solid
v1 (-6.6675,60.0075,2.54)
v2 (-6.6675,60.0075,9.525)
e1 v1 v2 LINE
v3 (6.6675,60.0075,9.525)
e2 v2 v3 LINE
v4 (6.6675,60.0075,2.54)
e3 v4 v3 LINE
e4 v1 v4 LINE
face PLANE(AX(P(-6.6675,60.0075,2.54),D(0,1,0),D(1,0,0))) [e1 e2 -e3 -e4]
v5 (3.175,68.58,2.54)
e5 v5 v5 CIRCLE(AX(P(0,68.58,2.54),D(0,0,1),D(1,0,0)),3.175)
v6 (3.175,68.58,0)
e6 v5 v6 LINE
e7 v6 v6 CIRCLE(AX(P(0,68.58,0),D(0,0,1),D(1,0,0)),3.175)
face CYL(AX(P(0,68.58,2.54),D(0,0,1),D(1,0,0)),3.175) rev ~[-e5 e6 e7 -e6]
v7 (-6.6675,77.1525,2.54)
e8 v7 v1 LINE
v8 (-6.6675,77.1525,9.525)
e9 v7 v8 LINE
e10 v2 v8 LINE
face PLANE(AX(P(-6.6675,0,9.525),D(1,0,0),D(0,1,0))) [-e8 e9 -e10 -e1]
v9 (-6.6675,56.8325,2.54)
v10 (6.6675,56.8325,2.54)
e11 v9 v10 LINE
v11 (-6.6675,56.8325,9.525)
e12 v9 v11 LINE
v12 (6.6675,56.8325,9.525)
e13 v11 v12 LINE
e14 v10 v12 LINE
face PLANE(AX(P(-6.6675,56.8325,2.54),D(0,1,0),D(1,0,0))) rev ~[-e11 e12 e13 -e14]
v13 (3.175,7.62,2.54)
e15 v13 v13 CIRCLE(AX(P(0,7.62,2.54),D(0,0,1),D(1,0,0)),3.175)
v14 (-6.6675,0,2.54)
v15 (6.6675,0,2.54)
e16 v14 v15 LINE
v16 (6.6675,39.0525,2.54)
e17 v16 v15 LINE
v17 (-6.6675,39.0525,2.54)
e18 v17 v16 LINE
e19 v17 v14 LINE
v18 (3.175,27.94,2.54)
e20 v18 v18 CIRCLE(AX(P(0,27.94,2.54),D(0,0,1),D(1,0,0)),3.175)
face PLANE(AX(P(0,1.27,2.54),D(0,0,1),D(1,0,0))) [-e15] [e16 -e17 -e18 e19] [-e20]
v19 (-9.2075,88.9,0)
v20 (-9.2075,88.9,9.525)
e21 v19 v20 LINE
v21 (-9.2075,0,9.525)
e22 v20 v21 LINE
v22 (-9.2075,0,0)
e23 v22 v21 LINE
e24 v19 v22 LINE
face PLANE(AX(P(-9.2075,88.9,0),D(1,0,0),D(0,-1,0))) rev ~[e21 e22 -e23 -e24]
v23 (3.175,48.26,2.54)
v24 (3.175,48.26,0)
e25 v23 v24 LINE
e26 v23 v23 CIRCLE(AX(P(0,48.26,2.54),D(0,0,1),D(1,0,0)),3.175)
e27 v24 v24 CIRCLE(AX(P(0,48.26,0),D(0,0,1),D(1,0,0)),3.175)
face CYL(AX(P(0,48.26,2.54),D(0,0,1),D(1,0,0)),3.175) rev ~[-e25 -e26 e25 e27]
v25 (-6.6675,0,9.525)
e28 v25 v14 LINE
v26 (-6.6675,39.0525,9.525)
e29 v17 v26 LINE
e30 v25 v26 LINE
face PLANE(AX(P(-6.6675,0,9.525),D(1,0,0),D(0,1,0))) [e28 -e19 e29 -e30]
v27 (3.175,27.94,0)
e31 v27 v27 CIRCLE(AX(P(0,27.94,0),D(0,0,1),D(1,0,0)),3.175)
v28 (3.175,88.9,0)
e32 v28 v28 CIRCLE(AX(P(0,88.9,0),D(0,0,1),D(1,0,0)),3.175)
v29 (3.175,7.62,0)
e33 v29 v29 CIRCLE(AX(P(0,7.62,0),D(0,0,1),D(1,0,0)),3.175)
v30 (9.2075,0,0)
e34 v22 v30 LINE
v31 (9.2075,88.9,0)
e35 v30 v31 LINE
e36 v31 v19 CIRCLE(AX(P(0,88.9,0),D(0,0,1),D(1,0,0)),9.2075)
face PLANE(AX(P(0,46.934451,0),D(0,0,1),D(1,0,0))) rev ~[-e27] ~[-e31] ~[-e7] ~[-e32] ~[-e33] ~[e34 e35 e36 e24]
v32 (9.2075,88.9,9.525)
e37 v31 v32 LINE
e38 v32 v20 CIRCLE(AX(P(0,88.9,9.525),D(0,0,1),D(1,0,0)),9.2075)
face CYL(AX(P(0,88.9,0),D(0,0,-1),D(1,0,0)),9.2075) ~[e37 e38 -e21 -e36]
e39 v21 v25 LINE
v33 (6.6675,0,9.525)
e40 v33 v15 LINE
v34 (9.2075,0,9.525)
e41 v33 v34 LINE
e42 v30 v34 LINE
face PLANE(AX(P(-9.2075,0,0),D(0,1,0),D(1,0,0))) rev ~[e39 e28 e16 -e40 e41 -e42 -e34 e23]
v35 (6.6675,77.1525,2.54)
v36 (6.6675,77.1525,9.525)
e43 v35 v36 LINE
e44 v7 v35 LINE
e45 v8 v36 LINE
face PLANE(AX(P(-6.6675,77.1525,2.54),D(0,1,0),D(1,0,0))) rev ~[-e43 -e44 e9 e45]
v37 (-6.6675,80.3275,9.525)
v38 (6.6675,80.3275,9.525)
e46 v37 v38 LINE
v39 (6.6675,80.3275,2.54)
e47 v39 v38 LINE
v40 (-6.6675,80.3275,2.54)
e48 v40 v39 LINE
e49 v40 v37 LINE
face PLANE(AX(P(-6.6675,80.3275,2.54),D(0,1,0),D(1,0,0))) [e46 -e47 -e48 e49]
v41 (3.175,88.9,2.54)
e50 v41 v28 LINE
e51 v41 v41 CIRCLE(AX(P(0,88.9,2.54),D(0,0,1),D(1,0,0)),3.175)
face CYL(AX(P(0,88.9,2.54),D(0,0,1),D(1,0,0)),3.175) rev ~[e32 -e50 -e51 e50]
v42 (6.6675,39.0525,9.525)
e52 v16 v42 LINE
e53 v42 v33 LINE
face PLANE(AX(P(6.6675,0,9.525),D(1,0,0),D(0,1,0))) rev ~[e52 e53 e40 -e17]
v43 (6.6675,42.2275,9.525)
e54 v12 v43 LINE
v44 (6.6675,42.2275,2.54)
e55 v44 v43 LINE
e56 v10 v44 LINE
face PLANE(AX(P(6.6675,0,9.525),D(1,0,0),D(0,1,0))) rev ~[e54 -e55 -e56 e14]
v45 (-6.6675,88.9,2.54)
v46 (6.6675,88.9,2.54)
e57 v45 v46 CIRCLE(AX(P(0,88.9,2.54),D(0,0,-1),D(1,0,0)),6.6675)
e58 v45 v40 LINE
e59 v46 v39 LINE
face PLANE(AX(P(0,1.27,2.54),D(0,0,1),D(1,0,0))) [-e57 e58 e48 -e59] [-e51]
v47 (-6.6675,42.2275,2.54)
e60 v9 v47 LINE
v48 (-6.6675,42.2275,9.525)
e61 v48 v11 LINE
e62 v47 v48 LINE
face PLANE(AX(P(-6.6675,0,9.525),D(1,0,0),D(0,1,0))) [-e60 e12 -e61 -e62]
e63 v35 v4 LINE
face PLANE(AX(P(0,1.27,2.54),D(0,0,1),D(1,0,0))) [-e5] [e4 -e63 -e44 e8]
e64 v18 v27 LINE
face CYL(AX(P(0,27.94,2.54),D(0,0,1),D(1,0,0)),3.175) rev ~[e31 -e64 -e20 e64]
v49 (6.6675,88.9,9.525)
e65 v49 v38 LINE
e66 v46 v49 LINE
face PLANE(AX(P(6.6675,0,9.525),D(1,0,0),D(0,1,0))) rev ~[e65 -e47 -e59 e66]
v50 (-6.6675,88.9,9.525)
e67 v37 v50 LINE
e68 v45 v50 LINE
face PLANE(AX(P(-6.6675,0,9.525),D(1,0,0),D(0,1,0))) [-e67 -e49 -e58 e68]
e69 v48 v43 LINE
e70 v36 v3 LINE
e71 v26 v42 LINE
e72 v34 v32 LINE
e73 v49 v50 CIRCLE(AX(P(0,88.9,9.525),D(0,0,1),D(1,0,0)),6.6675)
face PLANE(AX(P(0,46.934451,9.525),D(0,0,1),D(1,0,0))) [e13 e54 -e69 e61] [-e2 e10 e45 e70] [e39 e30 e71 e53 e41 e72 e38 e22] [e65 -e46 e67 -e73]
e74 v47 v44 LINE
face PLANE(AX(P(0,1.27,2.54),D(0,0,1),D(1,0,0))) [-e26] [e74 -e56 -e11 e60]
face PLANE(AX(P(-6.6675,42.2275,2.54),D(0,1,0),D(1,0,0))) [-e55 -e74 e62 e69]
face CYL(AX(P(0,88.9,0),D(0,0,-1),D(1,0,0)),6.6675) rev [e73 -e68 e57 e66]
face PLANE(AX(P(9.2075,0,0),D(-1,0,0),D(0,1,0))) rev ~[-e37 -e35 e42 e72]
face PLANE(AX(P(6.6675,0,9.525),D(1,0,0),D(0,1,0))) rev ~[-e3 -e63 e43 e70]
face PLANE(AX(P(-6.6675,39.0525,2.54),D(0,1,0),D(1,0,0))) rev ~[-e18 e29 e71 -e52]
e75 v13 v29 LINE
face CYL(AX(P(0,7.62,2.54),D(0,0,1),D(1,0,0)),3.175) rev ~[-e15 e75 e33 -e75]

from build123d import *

# Parameters (mm, degrees)
F1_DEPTH = 9.525
F2_T     = -2.54
F3_W     = 13.335
F3_H     = 2.54
F4_DEPTH = 6.985
F5_R     = 3.175
F6_DEPTH = 2.541
F7_W     = 13.335
F7_H     = 3.175
F8_DEPTH = 6.985


with BuildPart() as f1:
    # F0 (on Top) → F1 (new body)
    with BuildSketch(Plane.XY):
        with BuildLine():
            Line((-9.2075, 88.9), (-9.2075, 0))
            Line((-9.2075, 0), (9.2075, 0))
            Line((9.2075, 0), (9.2075, 88.9))
            ThreePointArc((9.2075, 88.9), (0, 98.1075), (-9.2075, 88.9))
        make_face()
    extrude(amount=F1_DEPTH)

    # F2
    f2_openings = [f1.faces().sort_by_distance(p)[0] for p in [
        (0, 48.087743, 9.525),
    ]]
    offset(amount=F2_T, openings=f2_openings)

    # F3 (on face) → F4 (cut, through all)
    with BuildSketch(Plane.XY.offset(9.525)):
        with Locations((0, 1.27)):
            Rectangle(F3_W, F3_H)
    extrude(amount=-F4_DEPTH, mode=Mode.SUBTRACT)

    # F5 (on face) → F6 (cut, through all)
    with BuildSketch(Plane.XY.offset(2.54)):
        with Locations((0, 88.9)):
            Circle(F5_R)
        with Locations((0, 68.58)):
            Circle(F5_R)
        with Locations((0, 48.26)):
            Circle(F5_R)
        with Locations((0, 27.94)):
            Circle(F5_R)
        with Locations((0, 7.62)):
            Circle(F5_R)
    extrude(amount=-F6_DEPTH, mode=Mode.SUBTRACT)

    # F7 (on face) → F8 (join, through all)
    with BuildSketch(Plane.XY.offset(2.54)):
        with Locations((0, 78.74)):
            Rectangle(F7_W, F7_H)
        with Locations((0, 58.42)):
            Rectangle(F7_W, F7_H)
        with Locations((0, 40.64)):
            Rectangle(F7_W, F7_H)
    extrude(amount=F8_DEPTH)


solid = f1.part
